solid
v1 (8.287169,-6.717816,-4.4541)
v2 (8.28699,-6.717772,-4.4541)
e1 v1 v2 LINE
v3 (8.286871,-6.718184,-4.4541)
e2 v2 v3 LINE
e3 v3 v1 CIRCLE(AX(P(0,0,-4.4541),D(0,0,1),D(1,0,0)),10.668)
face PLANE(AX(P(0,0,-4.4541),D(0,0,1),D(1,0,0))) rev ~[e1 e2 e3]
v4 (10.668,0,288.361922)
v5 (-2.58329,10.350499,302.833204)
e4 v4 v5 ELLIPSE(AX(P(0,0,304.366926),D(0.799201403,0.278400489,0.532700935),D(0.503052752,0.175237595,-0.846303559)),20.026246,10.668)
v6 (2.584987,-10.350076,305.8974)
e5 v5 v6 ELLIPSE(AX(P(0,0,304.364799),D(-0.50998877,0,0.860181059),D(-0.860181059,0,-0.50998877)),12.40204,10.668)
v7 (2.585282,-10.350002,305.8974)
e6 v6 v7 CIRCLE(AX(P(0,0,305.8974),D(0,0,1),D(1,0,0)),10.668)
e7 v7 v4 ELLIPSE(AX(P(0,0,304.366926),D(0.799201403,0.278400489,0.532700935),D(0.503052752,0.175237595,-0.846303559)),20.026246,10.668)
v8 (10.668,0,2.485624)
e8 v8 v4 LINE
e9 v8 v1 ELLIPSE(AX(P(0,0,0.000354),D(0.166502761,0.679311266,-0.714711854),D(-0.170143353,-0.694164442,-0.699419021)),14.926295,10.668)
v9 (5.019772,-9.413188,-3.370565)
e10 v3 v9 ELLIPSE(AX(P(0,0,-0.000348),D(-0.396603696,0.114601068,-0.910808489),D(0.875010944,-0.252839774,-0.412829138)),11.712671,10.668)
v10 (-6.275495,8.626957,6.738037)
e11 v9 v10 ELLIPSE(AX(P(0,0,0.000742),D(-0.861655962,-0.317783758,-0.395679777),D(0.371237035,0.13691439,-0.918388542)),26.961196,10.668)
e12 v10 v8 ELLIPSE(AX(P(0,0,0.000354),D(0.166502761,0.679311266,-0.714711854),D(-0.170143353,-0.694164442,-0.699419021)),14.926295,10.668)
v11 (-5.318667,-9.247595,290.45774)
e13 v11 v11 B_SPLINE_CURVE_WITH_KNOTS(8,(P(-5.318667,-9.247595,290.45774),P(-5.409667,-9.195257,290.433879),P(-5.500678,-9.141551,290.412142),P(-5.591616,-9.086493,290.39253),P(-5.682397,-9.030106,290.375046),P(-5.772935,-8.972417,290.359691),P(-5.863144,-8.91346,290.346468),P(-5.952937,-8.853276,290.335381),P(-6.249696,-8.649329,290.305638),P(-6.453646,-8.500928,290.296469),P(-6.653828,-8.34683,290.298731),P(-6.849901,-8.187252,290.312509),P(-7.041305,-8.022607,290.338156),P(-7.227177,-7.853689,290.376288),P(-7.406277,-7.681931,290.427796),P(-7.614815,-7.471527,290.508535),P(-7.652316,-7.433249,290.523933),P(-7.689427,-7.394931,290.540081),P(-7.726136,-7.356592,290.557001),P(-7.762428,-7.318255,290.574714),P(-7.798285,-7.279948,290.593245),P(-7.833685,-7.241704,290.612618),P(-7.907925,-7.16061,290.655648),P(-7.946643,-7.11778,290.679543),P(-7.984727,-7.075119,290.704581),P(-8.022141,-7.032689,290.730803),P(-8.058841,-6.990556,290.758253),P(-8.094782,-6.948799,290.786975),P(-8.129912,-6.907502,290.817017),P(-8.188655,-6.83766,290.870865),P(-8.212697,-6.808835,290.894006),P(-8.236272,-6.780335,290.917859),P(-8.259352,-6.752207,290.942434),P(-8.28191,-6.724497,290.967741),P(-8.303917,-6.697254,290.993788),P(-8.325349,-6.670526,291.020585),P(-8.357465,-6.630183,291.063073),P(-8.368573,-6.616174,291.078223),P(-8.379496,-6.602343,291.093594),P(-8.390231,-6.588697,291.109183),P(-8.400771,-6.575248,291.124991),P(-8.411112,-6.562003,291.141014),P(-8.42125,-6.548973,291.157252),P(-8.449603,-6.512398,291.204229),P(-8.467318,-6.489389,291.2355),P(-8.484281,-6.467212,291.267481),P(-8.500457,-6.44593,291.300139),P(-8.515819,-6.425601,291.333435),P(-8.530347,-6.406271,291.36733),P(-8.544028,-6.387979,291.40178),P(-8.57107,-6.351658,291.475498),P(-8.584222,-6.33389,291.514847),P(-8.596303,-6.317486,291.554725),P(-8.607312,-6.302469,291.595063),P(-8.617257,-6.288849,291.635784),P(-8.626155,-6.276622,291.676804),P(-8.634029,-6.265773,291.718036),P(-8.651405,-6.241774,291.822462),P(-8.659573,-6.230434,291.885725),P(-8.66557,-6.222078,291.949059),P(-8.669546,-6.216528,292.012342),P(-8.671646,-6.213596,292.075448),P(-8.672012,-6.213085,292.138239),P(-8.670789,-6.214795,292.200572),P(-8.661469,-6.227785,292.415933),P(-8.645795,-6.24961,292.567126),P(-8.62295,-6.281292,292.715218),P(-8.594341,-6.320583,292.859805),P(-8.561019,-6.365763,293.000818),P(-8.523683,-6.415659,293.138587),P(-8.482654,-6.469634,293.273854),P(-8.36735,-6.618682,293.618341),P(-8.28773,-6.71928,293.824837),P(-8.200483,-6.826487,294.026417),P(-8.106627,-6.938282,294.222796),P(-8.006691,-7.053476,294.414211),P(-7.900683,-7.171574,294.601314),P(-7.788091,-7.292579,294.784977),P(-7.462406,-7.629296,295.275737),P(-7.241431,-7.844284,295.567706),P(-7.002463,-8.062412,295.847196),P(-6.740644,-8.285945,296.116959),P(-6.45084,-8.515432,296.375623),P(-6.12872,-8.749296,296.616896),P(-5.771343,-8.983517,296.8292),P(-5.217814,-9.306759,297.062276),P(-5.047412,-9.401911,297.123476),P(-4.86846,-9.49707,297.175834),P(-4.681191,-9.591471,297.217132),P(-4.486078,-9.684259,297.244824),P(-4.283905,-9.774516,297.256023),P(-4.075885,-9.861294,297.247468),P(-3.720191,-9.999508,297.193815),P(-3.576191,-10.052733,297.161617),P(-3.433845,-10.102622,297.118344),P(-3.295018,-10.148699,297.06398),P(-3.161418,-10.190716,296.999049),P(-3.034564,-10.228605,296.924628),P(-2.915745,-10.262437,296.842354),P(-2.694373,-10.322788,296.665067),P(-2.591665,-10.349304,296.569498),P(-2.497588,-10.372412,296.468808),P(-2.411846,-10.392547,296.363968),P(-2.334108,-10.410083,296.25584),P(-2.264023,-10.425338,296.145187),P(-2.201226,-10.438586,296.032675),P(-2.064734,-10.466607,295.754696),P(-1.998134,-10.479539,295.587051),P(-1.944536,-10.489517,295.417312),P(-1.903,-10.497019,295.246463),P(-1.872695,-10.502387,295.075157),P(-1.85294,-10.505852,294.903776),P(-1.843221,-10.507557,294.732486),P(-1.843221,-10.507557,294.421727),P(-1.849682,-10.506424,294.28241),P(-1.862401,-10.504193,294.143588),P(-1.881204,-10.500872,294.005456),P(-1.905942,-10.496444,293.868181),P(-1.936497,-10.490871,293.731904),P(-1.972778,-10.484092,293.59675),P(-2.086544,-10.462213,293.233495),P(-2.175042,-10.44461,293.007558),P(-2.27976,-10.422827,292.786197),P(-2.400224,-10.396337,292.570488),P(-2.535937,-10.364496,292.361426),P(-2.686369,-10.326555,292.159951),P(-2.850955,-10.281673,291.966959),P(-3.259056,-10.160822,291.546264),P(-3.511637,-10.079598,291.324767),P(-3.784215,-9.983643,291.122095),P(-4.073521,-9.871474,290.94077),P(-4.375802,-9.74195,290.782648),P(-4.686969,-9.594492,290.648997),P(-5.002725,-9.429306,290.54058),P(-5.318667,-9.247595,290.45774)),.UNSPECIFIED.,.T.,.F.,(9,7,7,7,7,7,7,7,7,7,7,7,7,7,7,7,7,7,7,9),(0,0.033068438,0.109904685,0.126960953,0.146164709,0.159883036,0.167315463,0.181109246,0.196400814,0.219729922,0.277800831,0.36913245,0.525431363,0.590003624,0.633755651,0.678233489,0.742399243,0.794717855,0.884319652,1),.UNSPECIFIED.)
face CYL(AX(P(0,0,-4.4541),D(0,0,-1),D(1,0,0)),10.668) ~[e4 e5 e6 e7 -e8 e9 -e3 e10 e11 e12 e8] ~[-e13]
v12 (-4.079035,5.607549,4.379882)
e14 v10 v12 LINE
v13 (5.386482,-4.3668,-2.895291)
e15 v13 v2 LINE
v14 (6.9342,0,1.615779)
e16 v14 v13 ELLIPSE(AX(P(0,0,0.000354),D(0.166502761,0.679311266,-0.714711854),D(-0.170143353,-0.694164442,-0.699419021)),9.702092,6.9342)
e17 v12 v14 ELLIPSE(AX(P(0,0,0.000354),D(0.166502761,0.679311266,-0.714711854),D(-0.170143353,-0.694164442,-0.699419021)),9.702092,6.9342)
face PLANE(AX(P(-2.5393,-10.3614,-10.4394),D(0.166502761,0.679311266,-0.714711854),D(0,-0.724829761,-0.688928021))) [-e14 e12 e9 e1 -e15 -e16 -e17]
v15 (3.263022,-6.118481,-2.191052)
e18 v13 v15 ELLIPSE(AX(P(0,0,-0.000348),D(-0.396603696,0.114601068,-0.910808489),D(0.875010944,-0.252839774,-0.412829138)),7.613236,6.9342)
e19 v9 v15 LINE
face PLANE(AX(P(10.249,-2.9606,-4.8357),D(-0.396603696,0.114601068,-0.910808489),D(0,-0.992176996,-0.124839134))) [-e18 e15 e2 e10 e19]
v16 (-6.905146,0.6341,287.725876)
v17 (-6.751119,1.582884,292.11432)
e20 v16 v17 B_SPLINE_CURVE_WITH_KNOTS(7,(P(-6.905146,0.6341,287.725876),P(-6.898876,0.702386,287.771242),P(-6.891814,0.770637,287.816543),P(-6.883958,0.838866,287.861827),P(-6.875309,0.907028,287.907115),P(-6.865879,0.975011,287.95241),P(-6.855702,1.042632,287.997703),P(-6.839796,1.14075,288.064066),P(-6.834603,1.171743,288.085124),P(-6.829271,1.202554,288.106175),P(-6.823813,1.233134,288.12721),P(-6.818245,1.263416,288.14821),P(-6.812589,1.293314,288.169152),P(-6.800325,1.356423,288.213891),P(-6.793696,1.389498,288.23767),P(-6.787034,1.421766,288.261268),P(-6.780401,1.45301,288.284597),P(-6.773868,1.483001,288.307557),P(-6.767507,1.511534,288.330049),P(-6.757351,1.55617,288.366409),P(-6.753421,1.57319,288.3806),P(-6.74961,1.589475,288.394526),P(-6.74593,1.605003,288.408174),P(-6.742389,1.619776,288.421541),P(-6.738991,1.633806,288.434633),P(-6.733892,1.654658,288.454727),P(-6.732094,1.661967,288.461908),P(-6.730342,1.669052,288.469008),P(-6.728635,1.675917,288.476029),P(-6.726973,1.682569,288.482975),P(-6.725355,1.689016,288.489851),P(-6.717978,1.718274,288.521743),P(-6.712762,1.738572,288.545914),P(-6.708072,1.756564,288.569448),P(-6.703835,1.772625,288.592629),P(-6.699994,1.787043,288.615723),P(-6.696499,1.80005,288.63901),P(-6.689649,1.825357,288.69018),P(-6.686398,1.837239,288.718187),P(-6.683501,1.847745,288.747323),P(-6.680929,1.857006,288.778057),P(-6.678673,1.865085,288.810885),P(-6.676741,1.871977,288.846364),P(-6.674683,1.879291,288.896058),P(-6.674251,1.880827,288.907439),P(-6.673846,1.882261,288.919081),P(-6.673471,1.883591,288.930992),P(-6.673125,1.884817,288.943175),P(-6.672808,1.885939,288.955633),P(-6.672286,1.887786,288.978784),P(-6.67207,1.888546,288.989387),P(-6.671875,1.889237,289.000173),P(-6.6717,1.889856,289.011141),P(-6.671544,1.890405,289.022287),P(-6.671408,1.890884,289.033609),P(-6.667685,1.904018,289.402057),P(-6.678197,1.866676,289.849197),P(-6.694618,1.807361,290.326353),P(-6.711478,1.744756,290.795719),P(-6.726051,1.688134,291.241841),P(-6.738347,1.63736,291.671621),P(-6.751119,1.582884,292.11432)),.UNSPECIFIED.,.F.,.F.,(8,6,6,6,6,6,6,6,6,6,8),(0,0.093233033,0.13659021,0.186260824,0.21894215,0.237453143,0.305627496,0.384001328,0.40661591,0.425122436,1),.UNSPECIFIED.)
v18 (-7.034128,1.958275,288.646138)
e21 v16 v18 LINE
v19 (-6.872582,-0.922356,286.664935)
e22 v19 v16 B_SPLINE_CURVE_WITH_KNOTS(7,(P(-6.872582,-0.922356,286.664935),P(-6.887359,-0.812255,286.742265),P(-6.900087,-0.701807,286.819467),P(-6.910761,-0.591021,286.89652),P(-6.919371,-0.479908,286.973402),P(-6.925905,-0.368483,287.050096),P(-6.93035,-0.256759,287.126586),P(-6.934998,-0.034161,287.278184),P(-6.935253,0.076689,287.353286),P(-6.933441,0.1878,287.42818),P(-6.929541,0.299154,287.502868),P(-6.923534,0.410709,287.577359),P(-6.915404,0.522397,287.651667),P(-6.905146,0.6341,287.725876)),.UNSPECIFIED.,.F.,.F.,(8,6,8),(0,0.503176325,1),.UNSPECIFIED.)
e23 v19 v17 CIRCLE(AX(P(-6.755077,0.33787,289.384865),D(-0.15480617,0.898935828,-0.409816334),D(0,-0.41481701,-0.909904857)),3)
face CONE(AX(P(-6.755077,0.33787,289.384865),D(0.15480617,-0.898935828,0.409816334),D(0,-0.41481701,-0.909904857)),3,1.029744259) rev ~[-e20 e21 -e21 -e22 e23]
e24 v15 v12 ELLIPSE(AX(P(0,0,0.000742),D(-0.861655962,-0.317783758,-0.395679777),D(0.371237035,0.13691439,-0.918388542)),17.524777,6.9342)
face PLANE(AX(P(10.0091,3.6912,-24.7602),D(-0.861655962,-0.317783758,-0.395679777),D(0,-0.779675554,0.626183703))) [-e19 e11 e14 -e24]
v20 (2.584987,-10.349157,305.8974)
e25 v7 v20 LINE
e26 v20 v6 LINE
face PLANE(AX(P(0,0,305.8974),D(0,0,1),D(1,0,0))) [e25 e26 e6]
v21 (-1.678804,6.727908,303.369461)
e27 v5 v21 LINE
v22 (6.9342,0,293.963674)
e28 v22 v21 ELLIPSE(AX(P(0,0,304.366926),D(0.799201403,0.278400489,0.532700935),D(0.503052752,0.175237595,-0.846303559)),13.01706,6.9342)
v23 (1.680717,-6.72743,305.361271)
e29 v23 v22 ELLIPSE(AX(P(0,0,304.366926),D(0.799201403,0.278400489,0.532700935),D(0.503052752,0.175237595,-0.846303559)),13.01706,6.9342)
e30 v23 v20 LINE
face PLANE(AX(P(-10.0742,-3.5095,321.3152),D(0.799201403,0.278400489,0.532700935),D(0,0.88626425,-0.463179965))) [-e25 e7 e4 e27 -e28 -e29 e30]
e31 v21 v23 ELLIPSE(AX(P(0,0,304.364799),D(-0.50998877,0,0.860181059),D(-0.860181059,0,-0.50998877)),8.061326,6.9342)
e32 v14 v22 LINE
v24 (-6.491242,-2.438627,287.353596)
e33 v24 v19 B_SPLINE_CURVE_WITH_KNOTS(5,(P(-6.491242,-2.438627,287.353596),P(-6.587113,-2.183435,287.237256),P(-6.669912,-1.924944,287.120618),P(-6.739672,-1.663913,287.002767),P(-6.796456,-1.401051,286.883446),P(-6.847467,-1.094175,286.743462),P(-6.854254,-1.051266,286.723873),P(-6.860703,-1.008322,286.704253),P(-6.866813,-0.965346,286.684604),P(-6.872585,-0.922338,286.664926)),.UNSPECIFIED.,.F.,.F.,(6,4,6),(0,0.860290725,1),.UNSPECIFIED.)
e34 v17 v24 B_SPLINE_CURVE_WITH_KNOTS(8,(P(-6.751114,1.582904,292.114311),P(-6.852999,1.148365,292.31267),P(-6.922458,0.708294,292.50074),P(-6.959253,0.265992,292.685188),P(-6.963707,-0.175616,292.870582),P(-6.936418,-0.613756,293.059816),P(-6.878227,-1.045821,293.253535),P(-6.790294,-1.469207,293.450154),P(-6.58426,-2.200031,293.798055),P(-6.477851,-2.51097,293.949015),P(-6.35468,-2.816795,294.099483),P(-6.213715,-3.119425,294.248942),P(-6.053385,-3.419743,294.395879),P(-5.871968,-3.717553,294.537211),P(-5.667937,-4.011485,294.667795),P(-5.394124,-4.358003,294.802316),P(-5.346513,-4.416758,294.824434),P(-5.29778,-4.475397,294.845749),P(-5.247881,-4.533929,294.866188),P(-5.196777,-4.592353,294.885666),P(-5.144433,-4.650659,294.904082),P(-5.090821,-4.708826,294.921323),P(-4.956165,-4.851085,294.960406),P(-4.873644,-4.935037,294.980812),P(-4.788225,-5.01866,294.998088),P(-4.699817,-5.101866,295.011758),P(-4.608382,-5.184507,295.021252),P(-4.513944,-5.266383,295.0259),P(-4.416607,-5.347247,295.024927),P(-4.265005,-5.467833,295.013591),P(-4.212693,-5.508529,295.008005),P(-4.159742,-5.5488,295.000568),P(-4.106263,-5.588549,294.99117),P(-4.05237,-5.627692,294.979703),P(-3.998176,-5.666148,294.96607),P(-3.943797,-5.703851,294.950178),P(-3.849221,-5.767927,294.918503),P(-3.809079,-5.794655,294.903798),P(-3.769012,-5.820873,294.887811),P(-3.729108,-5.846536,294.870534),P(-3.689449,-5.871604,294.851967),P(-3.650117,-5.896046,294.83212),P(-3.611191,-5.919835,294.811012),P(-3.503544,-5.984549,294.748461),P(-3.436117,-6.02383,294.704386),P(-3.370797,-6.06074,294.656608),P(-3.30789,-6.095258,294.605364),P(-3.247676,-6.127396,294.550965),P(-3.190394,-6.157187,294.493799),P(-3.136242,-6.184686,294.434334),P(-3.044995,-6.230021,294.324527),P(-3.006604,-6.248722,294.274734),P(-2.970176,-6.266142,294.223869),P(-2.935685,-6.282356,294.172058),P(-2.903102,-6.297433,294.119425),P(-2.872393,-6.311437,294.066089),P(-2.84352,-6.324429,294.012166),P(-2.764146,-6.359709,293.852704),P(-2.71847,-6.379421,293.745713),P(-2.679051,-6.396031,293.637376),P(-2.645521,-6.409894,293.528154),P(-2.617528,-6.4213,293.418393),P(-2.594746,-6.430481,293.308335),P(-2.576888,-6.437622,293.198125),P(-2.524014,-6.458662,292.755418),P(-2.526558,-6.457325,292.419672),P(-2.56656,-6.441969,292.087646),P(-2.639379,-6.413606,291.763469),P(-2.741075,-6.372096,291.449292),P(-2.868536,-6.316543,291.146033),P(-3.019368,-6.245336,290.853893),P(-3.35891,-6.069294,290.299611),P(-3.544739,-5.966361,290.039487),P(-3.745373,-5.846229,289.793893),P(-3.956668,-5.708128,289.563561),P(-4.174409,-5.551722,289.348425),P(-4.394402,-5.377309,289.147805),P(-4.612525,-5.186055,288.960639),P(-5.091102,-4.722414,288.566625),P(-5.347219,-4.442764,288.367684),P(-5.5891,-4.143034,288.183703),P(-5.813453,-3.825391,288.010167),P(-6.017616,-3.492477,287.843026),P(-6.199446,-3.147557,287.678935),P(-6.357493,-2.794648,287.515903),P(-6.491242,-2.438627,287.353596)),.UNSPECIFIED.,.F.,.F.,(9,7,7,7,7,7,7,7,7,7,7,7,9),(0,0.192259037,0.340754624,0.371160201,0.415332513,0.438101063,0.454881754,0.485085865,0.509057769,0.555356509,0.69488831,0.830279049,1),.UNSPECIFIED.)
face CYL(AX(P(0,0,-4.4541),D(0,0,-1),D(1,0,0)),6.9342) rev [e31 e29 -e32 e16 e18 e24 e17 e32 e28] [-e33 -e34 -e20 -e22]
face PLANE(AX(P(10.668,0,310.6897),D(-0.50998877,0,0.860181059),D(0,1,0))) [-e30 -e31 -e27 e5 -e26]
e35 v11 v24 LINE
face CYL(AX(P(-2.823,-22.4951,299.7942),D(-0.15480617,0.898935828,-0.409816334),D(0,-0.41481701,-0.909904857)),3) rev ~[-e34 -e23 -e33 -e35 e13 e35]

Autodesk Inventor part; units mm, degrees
ref_plane "Start Plane" through (0, 0, -4.4541) normal (0, 0, 1) x (1, 0, 0)
ref_plane "End Plane" through (0, 0, 305.8974) normal (0, 0, 1) x (1, 0, 0)
sketch "Sketch" plane through (0, 0, 0) normal (0, 0, 1) x (1, 0, 0)
  circle A0 centre (0, 0) radius 6.9342
  circle A1 centre (0, 0) radius 10.668
  dimension "d0" = 21.336
  dimension "d1" = 3.7338
extrude "Body" add sketch "Sketch" along normal up to surface (310.3515 mm away) from surface at -4.4541
sketch "Sketch3" plane through (0, 0, 0) normal (0, 0, 1) x (1, 0, 0)
  line L0 (0, 0) -> (10, 0)
ref_plane "Work Plane3" through (0, 0, 0) normal (0, -1, 0) x (1, 0, 0)
sketch "Sketch4" plane through (0, 0, 0) normal (0, -1, 0) x (1, 0, 0)
  line L0 (-2, -4.4541) -> (12, -4.4541)
  line L1 (-2, 305.8974) -> (12, 305.8974)
  dimension "d7" = 310.3515
ref_plane "Work Plane4" through (10.249, -2.9606, -4.8357) normal (-0.3966, 0.1146, -0.9108) x (-0.7636, 0.5095, 0.3966)
split "Split1" plane through (10.249, -2.9606, -4.8357) removes the side toward (-0.3966, 0.1146, -0.9108)
ref_plane "Work Plane5" through (10.0091, 3.6912, -24.7602) normal (-0.8617, -0.3178, -0.3957) x (-0.2286, -0.4531, 0.8617)
split "Split2" plane through (10.0091, 3.6912, -24.7602) removes the side toward (-0.8617, -0.3178, -0.3957)
ref_plane "Work Plane6" through (-2.5393, -10.3614, -10.4394) normal (0.1665, 0.6793, -0.7147) x (0.9028, -0.3964, -0.1665)
split "Split3" plane through (-2.5393, -10.3614, -10.4394) removes the side toward (0.1665, 0.6793, -0.7147)
ref_plane "Work Plane7" through (-10.0742, -3.5095, 321.3152) normal (0.7992, 0.2784, 0.5327) x (0.5832, -0.1452, -0.7992)
split "Split4" plane through (-10.0742, -3.5095, 321.3152) removes the side toward (0.7992, 0.2784, 0.5327)
ref_plane "Work Plane8" through (10.668, 0, 310.6897) normal (-0.51, 0, 0.8602) x (0.8602, 0, 0.51)
split "Split5" plane through (10.668, 0, 310.6897) removes the side toward (-0.51, 0, 0.8602)
ref_plane "Work Plane9" through (-36.1517, -17.3472, 323.6752) normal (0.1548, -0.8989, 0.4098) x (0.8658, -0.0763, -0.4945)
sketch "Sketch5" plane through (-36.1517, -17.3472, 323.6752) normal (0.1548, -0.8989, 0.4098) x (0.8658, -0.0763, -0.4945)
  circle A0 centre (41.0585, -4.6699) radius 3 projected
  point P0 (190.0204, -223.4181)
hole "Hole1" at (-2.823, -22.4951, 299.7942) direction (-0.1548, 0.8989, -0.4098) diameter 6 depth 25.4 tip angle 118
equation "\"d0\" = G_H"
equation "\"d1\" = G_T"
equation "\"d2\" = G_L"
equation "\"G_H\" = 21.336"
equation "\"G_T\" = 3.7338"
equation "\"G_L\" = 310.3515"
equation "\"G_OFFSET_START\" = 4.45413"
equation "\"G_OFFSET_END\" = 1.53222"
equation "\"d4\" = -G_OFFSET_START"
equation "\"d5\" = G_OFFSET_END + B_L"
equation "\"B_L\" = 304.36515"
properties part number "ANSI - 1/2 x 0.147 - 12.219" material "Steel, Mild"
